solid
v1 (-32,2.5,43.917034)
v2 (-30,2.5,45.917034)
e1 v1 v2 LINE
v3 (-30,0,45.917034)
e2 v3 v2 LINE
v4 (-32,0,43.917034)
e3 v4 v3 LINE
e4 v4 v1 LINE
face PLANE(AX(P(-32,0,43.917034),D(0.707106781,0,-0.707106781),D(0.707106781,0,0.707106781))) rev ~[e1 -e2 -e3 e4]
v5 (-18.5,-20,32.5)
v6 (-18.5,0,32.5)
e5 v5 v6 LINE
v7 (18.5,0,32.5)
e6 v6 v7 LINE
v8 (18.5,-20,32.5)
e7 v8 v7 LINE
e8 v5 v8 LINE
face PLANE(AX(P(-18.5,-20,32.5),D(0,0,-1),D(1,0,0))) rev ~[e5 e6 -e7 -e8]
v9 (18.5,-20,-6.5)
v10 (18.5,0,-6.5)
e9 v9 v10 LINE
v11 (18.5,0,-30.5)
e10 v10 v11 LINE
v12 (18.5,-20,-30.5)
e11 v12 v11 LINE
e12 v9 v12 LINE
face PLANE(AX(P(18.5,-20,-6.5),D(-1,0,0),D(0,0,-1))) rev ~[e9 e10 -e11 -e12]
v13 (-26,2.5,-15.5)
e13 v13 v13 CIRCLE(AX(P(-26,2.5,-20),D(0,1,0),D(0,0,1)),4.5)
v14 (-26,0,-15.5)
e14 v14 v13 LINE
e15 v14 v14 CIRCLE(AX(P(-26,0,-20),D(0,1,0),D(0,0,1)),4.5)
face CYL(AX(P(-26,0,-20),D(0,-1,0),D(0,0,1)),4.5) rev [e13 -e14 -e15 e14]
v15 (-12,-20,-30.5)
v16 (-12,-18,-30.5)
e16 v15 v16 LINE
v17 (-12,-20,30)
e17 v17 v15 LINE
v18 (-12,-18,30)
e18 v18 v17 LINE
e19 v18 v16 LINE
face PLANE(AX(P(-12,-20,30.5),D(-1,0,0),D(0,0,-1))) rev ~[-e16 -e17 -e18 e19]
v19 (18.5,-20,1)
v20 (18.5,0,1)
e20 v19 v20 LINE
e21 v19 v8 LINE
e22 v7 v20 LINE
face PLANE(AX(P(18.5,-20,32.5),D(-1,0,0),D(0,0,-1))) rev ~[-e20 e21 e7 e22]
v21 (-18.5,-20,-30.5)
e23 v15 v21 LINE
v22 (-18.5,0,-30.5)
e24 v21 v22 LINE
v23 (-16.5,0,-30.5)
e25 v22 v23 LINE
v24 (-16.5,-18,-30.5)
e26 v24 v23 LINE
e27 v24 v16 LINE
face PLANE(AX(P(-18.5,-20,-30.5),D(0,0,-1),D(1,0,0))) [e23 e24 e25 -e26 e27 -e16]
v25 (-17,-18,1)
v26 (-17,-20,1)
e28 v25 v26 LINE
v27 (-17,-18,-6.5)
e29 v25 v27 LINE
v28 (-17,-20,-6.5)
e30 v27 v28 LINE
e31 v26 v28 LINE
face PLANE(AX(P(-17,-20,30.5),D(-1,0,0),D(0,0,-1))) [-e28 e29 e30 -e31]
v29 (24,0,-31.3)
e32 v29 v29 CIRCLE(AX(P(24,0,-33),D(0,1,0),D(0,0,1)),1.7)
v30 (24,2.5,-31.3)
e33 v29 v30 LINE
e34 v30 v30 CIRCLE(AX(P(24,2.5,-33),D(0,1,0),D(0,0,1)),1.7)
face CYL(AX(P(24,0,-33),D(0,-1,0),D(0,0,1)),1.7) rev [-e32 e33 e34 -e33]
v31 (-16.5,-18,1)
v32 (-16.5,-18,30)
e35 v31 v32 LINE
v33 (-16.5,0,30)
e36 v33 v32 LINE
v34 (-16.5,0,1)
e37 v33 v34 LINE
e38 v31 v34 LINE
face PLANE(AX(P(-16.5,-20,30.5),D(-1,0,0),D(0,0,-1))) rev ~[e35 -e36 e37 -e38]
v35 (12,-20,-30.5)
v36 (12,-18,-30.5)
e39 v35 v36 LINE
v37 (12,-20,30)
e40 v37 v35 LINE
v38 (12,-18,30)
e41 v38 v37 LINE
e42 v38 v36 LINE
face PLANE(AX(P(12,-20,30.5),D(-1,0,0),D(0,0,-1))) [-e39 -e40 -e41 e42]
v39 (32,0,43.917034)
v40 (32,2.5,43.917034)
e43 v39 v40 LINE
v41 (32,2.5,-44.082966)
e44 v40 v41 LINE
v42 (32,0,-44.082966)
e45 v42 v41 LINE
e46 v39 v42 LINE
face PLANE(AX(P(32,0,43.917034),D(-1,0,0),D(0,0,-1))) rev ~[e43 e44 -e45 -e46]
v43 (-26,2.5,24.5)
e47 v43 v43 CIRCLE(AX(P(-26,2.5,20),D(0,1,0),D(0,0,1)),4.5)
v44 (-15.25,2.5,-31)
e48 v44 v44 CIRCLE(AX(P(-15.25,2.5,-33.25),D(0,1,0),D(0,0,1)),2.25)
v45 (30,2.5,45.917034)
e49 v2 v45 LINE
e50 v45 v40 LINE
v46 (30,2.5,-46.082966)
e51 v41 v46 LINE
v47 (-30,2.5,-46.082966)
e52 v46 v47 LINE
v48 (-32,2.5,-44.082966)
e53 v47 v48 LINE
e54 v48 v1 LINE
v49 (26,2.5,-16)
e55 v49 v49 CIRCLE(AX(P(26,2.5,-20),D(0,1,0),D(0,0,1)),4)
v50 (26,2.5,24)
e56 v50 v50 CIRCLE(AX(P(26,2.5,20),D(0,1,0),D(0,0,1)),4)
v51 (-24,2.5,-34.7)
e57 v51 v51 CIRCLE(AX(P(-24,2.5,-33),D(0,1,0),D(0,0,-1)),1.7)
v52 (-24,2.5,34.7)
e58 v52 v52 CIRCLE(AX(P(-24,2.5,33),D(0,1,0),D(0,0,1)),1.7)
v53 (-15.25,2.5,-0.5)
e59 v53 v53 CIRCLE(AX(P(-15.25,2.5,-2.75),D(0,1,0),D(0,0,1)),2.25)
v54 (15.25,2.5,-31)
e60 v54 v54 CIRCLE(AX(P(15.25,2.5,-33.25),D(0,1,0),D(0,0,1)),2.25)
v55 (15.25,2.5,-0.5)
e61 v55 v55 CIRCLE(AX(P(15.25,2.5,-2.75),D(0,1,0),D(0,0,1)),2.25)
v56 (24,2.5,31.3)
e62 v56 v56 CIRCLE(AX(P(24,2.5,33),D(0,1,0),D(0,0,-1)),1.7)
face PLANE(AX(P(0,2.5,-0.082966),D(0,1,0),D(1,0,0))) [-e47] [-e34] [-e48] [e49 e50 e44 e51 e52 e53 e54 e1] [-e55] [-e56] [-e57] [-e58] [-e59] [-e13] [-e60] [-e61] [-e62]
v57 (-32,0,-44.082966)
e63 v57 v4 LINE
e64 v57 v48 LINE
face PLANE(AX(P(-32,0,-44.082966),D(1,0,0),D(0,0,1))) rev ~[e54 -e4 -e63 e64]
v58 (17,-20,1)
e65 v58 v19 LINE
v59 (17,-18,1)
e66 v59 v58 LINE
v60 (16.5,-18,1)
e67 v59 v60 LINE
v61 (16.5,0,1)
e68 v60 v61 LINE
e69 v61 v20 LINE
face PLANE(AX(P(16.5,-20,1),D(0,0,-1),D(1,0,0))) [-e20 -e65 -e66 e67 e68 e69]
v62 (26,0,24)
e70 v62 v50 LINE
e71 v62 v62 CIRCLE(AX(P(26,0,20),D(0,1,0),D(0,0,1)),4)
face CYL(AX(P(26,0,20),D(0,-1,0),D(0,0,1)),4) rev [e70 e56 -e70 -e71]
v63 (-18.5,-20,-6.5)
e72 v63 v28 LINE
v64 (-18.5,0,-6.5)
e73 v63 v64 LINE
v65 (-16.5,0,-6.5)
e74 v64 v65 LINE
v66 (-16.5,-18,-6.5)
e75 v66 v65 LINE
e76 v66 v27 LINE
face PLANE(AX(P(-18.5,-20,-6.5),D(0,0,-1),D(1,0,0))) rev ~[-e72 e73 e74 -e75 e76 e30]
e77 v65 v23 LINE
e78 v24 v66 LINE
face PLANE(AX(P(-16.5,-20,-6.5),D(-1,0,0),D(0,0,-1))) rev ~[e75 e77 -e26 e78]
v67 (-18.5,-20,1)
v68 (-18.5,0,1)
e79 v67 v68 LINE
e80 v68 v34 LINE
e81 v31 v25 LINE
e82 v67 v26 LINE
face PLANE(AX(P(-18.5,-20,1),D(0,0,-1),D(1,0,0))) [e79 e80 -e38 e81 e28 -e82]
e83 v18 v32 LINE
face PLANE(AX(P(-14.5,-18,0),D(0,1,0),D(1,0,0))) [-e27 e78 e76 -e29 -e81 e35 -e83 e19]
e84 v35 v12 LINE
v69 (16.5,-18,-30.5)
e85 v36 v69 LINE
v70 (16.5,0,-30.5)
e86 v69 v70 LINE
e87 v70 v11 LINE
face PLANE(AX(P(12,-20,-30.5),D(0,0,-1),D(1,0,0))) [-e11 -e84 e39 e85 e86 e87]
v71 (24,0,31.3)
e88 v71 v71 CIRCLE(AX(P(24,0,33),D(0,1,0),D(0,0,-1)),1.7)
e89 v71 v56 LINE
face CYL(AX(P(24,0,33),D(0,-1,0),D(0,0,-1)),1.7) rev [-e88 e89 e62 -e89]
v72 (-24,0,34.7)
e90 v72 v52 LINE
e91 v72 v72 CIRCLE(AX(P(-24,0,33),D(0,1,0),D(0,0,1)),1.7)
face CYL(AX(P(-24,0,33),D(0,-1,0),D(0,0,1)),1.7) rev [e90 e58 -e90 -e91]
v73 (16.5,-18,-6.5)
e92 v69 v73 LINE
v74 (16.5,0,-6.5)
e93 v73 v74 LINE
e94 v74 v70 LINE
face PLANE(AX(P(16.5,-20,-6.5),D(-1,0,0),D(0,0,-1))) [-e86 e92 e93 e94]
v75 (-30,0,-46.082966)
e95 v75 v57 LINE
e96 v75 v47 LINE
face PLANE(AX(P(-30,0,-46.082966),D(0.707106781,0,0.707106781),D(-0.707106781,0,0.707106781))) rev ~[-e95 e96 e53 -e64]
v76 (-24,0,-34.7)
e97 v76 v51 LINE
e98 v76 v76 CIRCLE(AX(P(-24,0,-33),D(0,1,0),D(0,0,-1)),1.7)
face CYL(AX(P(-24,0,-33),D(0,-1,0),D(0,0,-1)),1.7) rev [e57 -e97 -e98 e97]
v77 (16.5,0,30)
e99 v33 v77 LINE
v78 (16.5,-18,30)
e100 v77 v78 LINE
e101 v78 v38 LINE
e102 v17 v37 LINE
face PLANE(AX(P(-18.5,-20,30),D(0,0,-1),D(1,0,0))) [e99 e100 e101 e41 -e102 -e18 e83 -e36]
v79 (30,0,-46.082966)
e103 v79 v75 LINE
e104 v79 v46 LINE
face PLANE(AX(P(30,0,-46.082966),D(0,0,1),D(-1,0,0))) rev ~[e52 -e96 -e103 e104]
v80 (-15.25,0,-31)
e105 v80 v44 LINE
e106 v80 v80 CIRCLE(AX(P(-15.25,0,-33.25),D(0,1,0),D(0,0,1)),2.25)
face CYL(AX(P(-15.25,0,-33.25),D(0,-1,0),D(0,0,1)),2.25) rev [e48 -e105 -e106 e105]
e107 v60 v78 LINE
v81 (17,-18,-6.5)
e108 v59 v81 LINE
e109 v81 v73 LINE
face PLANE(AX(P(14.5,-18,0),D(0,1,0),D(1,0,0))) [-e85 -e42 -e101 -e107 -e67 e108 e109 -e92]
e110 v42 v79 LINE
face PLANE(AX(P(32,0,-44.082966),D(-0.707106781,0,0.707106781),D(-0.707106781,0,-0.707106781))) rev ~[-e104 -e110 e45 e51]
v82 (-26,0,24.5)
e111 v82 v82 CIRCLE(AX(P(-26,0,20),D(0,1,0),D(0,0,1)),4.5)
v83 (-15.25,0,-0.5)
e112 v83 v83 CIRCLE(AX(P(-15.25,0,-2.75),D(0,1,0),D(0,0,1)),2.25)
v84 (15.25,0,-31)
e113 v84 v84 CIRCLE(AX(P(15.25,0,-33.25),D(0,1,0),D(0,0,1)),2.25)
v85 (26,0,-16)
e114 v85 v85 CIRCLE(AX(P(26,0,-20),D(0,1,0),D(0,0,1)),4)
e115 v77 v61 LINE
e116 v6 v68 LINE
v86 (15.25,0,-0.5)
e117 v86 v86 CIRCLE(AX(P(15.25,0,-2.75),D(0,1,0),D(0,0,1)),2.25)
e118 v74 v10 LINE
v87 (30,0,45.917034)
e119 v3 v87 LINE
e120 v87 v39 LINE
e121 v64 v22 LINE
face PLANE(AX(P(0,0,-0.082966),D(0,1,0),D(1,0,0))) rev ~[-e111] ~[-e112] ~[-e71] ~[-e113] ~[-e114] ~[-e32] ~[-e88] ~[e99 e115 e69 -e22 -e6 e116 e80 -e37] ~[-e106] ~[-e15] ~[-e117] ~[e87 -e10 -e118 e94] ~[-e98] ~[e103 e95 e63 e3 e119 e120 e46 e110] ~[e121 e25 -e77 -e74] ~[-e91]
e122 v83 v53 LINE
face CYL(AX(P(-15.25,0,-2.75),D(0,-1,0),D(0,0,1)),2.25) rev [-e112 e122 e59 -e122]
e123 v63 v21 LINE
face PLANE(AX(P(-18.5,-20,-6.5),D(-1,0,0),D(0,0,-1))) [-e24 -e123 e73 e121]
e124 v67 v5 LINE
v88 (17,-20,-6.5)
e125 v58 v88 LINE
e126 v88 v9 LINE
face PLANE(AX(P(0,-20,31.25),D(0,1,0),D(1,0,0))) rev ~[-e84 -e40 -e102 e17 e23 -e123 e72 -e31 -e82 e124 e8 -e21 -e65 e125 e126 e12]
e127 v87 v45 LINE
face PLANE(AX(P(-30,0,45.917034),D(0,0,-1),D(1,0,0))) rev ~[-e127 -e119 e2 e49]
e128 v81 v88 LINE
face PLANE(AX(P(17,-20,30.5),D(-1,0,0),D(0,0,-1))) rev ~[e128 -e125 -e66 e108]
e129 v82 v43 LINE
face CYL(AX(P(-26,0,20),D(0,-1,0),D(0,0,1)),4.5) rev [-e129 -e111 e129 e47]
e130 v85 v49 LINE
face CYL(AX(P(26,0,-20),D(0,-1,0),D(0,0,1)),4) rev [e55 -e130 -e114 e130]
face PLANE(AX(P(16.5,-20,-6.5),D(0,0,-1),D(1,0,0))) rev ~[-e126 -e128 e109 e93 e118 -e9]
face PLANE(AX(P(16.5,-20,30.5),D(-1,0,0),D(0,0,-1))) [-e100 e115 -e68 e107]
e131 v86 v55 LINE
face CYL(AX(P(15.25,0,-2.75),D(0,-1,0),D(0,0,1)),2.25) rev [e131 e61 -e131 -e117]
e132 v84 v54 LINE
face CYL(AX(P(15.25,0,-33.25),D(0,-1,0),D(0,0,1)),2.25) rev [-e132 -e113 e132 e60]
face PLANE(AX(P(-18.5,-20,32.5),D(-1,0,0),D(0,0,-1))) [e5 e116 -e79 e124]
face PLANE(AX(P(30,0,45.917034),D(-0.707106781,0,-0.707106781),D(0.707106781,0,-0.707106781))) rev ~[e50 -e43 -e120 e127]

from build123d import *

# Parameters (mm, degrees)
SKETCH_1_R        = 2.25
SKETCH_1_R_2      = 1.7
SKETCH_1_R_3      = 4.5
SKETCH_1_R_4      = 4
EXTRUDE_1_DEPTH   = 2.5
EXTRUDE_START     = -20
SKETCH_2_W        = 5
SKETCH_2_H        = 61
EXTRUDE_2_DEPTH   = 2
EXTRUDE_2_2_DEPTH = 2
SKETCH_3_W        = 2
SKETCH_3_H        = 29.5
SKETCH_3_H_2      = 24
EXTRUDE_3_DEPTH   = 20
SKETCH_4_W        = 37
SKETCH_4_H        = 2.5
EXTRUDE_4_DEPTH   = 20


with BuildPart() as part:
    # 草图1 → 凸台-拉伸1 (new body)
    with BuildSketch(Plane(origin=(0, 0, 0), x_dir=(1, 0, 0), z_dir=(0, 1, 0))):
        Polygon((-30, -45.917034388), (30, -45.917034388), (32, -43.917034388), (32, 44.082965612), (30, 46.082965612), (-30, 46.082965612), (-32, 44.082965612), (-32, -43.917034388), align=None)
        with Locations(Location((-15.25, 2.75, 0), (0, 0, 270))):
            Circle(SKETCH_1_R, mode=Mode.SUBTRACT)
        with Locations(Location((-15.25, 33.25, 0), (0, 0, 270))):
            Circle(SKETCH_1_R, mode=Mode.SUBTRACT)
        with Locations(Location((15.25, 2.75, 0), (0, 0, 270))):
            Circle(SKETCH_1_R, mode=Mode.SUBTRACT)
        with Locations(Location((15.25, 33.25, 0), (0, 0, 270))):
            Circle(SKETCH_1_R, mode=Mode.SUBTRACT)
        with Locations(Location((-24, -33, 0), (0, 0, 270))):
            Circle(SKETCH_1_R_2, mode=Mode.SUBTRACT)
        with Locations(Location((-26, -20, 0), (0, 0, 270))):
            Circle(SKETCH_1_R_3, mode=Mode.SUBTRACT)
        with Locations(Location((-26, 20, 0), (0, 0, 270))):
            Circle(SKETCH_1_R_3, mode=Mode.SUBTRACT)
        with Locations(Location((26, -20, 0), (0, 0, 270))):
            Circle(SKETCH_1_R_4, mode=Mode.SUBTRACT)
        with Locations(Location((26, 20, 0), (0, 0, 270))):
            Circle(SKETCH_1_R_4, mode=Mode.SUBTRACT)
        with Locations(Location((24, -33, 0), (0, 0, 90))):
            Circle(SKETCH_1_R_2, mode=Mode.SUBTRACT)
        with Locations(Location((24, 33, 0), (0, 0, 270))):
            Circle(SKETCH_1_R_2, mode=Mode.SUBTRACT)
        with Locations(Location((-24, 33, 0), (0, 0, 90))):
            Circle(SKETCH_1_R_2, mode=Mode.SUBTRACT)
    extrude(amount=EXTRUDE_1_DEPTH)



with BuildPart() as body_2:
    # 草图2 → 凸台-拉伸2 (new body)
    with BuildSketch(Plane(origin=(0, 0, 0), x_dir=(1, 0, 0), z_dir=(0, 1, 0)).offset(EXTRUDE_START)):
        with Locations((14.5, 0)):
            Rectangle(SKETCH_2_W, SKETCH_2_H)
    extrude(amount=EXTRUDE_2_DEPTH)


with BuildPart() as body_3:
    # 草图2 → Extrude 2 2 (new body)
    with BuildSketch(Plane(origin=(0, 0, 0), x_dir=(1, 0, 0), z_dir=(0, 1, 0)).offset(EXTRUDE_START)):
        with Locations((-14.5, 0)):
            Rectangle(SKETCH_2_W, SKETCH_2_H)
    extrude(amount=EXTRUDE_2_2_DEPTH)


with BuildPart() as part_1:
    add(part.part)

    add(body_2.part)  # 凸台-拉伸3 merges body 2

    add(body_3.part)  # 凸台-拉伸3 merges body 3
    # 草图3 → 凸台-拉伸3 (add)
    with BuildSketch(Plane(origin=(0, 0, 0), x_dir=(1, 0, 0), z_dir=(0, 1, 0)).offset(EXTRUDE_START)):
        with Locations((17.5, -15.75)):
            Rectangle(SKETCH_3_W, SKETCH_3_H)
        with Locations((-17.5, -15.75)):
            Rectangle(SKETCH_3_W, SKETCH_3_H)
        with Locations((17.5, 18.5)):
            Rectangle(SKETCH_3_W, SKETCH_3_H_2)
        with Locations((-17.5, 18.5)):
            Rectangle(SKETCH_3_W, SKETCH_3_H_2)
    extrude(amount=EXTRUDE_3_DEPTH)

    # 草图4 → 凸台-拉伸4 (add)
    with BuildSketch(Plane(origin=(0, 0, 0), x_dir=(1, 0, 0), z_dir=(0, 1, 0)).offset(EXTRUDE_START)):
        with Locations((0, -31.25)):
            Rectangle(SKETCH_4_W, SKETCH_4_H)
    extrude(amount=EXTRUDE_4_DEPTH)


solid = part_1.part
